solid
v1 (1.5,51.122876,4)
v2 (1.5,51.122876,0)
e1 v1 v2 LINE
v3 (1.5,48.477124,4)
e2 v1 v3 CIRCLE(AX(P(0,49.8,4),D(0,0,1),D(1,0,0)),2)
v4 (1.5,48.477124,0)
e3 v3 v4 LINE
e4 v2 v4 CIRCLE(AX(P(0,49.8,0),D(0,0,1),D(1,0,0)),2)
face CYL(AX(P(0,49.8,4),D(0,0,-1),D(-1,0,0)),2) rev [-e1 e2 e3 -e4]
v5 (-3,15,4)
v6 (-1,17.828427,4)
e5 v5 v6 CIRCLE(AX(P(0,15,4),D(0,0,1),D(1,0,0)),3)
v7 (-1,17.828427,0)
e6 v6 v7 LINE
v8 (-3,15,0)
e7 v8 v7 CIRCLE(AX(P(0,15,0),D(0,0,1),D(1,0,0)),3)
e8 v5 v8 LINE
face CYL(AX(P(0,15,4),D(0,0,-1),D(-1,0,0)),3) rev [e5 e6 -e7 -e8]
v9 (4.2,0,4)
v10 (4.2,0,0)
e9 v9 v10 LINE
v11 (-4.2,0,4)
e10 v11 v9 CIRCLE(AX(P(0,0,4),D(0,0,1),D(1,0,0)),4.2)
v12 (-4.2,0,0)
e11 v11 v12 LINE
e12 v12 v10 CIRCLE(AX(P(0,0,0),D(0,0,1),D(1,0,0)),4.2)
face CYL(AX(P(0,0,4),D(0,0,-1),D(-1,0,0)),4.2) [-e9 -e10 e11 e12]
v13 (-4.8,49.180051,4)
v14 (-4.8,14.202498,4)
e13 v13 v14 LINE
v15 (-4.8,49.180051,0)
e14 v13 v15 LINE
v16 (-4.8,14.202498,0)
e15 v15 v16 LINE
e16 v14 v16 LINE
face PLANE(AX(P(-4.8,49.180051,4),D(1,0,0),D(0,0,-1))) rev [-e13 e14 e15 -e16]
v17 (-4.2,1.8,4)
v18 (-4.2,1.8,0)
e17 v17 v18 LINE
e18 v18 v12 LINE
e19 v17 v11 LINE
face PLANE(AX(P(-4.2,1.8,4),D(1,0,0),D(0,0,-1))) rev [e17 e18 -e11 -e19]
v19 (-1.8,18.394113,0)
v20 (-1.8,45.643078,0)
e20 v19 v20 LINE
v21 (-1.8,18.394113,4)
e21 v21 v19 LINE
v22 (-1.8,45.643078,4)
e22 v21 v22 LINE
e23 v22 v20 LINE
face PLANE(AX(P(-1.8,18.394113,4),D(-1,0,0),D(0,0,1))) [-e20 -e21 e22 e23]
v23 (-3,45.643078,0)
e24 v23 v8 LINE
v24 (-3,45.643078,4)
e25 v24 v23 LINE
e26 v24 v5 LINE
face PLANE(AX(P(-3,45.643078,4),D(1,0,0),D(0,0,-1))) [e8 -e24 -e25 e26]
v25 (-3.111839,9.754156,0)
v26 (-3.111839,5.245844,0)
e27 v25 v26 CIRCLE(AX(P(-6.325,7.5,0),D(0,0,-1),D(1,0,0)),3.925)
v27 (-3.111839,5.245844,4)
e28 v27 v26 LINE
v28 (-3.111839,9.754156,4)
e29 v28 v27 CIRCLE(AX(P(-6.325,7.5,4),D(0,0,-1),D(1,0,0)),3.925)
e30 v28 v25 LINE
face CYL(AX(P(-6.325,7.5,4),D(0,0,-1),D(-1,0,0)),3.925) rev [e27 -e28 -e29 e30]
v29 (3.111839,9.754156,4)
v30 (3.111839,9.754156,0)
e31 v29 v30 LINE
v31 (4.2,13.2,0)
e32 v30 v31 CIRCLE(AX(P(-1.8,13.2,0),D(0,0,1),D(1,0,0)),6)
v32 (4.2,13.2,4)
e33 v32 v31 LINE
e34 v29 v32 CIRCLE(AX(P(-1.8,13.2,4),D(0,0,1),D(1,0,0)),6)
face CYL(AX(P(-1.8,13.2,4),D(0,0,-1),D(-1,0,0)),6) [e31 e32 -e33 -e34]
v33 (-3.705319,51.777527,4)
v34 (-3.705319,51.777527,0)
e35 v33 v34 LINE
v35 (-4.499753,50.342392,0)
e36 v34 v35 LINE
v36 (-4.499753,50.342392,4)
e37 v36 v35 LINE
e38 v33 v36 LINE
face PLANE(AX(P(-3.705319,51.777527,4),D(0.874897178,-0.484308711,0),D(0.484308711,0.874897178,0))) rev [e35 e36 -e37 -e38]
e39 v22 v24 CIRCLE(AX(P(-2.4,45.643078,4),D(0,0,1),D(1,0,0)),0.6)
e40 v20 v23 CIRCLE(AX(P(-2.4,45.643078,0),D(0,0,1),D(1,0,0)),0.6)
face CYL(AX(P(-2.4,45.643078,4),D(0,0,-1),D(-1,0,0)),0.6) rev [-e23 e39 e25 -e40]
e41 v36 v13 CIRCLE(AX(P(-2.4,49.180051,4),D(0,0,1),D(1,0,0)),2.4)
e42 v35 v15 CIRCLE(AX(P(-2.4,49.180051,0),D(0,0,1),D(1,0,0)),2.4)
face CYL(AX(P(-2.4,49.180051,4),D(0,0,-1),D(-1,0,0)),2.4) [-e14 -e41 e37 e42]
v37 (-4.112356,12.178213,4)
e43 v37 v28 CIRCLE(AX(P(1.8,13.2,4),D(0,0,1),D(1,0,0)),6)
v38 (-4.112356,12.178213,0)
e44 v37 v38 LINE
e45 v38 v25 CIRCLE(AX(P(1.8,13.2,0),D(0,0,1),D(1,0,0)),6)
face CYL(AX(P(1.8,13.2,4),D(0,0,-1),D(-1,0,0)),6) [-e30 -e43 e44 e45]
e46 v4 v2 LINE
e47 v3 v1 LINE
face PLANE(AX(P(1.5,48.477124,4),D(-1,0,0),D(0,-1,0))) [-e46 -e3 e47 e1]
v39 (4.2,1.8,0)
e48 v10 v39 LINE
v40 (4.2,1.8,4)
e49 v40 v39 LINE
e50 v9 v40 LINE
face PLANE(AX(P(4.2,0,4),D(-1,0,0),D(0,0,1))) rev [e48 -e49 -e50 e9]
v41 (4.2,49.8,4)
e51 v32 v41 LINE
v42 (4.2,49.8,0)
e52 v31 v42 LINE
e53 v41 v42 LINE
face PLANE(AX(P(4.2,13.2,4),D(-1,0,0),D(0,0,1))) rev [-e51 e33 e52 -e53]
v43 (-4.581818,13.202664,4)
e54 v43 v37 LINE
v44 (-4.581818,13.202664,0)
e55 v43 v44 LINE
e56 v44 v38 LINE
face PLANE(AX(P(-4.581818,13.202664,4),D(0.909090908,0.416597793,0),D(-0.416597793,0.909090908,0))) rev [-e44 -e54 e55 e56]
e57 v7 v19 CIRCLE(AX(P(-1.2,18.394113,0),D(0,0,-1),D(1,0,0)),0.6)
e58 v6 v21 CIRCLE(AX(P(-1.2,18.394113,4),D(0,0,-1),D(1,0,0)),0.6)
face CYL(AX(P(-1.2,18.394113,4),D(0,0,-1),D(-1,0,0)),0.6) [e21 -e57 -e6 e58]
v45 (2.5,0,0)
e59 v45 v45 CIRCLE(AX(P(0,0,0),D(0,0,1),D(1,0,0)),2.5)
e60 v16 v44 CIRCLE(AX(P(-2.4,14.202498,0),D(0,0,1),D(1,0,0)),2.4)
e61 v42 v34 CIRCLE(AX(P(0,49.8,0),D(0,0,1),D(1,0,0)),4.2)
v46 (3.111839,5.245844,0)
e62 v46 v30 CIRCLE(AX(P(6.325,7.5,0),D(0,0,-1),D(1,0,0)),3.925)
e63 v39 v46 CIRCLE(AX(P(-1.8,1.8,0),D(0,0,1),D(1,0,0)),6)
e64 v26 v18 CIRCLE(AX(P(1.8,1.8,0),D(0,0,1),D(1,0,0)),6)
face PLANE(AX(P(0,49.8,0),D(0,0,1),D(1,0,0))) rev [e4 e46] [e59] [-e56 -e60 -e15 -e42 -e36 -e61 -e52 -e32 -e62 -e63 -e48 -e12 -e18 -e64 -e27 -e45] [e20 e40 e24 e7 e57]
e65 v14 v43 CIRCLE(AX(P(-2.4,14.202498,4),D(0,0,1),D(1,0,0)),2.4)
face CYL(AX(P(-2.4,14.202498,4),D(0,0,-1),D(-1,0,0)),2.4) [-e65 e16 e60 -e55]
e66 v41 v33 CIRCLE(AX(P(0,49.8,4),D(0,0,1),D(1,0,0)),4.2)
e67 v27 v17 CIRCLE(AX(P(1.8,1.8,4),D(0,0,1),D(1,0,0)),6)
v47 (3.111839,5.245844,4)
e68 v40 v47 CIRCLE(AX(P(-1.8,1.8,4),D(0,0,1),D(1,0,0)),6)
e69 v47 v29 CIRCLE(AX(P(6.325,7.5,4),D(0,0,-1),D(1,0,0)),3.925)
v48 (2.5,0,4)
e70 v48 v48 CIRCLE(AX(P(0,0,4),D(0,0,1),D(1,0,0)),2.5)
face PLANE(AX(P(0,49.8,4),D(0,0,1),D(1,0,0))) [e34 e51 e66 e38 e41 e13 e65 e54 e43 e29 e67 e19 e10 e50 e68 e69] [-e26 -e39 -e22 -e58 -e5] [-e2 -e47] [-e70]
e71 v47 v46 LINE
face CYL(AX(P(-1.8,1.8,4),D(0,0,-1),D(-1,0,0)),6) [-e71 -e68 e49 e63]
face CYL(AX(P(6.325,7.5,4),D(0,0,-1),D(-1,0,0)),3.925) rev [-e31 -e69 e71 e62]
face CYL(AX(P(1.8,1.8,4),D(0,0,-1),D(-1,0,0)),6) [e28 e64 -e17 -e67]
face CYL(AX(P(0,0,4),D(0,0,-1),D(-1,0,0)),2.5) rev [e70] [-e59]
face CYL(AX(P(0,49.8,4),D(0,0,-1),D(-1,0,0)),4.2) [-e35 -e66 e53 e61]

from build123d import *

# Parameters (mm, degrees)
SKETCH_1_R      = 2.5
EXTRUDE_1_DEPTH = 4


with BuildPart() as part:
    # 草图1 → 凸台-拉伸1 (new body)
    with BuildSketch(Plane.XY):
        with BuildLine():
            Line((-3.705318961, 51.777526587), (-4.499753228, 50.342391759))
            ThreePointArc((-4.499753228, 50.342391759), (-4.72372629, 49.780297575), (-4.8, 49.180050853))
            Line((-4.8, 49.180050853), (-4.8, 14.202498322))
            ThreePointArc((-4.8, 14.202498322), (-4.74482021, 13.6908166), (-4.581818179, 13.20266362))
            Line((-4.581818179, 13.20266362), (-4.112355754, 12.178212626))
            ThreePointArc((-4.112355754, 12.178212626), (-3.746152658, 10.910853721), (-3.111838791, 9.754156171))
            ThreePointArc((-3.111838791, 9.754156171), (-2.4, 7.5), (-3.111838791, 5.245843829))
            ThreePointArc((-3.111838791, 5.245843829), (-3.921495991, 3.606788208), (-4.2, 1.8))
            Line((-4.2, 1.8), (-4.2, 0))
            ThreePointArc((-4.2, 0), (0, -4.2), (4.2, 0))
            Line((4.2, 0), (4.2, 1.8))
            ThreePointArc((4.2, 1.8), (3.921495991, 3.606788208), (3.111838791, 5.245843829))
            ThreePointArc((3.111838791, 5.245843829), (2.4, 7.5), (3.111838791, 9.754156171))
            ThreePointArc((3.111838791, 9.754156171), (3.921495991, 11.393211792), (4.2, 13.2))
            Line((4.2, 13.2), (4.2, 49.8))
            ThreePointArc((4.2, 49.8), (1.019230191, 53.874453315), (-3.705318961, 51.777526587))
        make_face()
        Circle(SKETCH_1_R, mode=Mode.SUBTRACT)
        with BuildLine():
            Line((-3, 45.643078062), (-3, 15))
            ThreePointArc((-3, 15), (2.449489743, 13.267949192), (-1, 17.828427125))
            ThreePointArc((-1, 17.828427125), (-1.546410162, 17.904214601), (-1.8, 18.39411255))
            Line((-1.8, 18.39411255), (-1.8, 45.643078062))
            ThreePointArc((-1.8, 45.643078062), (-2.4, 46.243078062), (-3, 45.643078062))
        make_face(mode=Mode.SUBTRACT)
        with BuildLine():
            Line((1.5, 48.477124344), (1.5, 51.122875656))
            ThreePointArc((1.5, 51.122875656), (-2, 49.8), (1.5, 48.477124344))
        make_face(mode=Mode.SUBTRACT)
    extrude(amount=EXTRUDE_1_DEPTH)


solid = part.part
